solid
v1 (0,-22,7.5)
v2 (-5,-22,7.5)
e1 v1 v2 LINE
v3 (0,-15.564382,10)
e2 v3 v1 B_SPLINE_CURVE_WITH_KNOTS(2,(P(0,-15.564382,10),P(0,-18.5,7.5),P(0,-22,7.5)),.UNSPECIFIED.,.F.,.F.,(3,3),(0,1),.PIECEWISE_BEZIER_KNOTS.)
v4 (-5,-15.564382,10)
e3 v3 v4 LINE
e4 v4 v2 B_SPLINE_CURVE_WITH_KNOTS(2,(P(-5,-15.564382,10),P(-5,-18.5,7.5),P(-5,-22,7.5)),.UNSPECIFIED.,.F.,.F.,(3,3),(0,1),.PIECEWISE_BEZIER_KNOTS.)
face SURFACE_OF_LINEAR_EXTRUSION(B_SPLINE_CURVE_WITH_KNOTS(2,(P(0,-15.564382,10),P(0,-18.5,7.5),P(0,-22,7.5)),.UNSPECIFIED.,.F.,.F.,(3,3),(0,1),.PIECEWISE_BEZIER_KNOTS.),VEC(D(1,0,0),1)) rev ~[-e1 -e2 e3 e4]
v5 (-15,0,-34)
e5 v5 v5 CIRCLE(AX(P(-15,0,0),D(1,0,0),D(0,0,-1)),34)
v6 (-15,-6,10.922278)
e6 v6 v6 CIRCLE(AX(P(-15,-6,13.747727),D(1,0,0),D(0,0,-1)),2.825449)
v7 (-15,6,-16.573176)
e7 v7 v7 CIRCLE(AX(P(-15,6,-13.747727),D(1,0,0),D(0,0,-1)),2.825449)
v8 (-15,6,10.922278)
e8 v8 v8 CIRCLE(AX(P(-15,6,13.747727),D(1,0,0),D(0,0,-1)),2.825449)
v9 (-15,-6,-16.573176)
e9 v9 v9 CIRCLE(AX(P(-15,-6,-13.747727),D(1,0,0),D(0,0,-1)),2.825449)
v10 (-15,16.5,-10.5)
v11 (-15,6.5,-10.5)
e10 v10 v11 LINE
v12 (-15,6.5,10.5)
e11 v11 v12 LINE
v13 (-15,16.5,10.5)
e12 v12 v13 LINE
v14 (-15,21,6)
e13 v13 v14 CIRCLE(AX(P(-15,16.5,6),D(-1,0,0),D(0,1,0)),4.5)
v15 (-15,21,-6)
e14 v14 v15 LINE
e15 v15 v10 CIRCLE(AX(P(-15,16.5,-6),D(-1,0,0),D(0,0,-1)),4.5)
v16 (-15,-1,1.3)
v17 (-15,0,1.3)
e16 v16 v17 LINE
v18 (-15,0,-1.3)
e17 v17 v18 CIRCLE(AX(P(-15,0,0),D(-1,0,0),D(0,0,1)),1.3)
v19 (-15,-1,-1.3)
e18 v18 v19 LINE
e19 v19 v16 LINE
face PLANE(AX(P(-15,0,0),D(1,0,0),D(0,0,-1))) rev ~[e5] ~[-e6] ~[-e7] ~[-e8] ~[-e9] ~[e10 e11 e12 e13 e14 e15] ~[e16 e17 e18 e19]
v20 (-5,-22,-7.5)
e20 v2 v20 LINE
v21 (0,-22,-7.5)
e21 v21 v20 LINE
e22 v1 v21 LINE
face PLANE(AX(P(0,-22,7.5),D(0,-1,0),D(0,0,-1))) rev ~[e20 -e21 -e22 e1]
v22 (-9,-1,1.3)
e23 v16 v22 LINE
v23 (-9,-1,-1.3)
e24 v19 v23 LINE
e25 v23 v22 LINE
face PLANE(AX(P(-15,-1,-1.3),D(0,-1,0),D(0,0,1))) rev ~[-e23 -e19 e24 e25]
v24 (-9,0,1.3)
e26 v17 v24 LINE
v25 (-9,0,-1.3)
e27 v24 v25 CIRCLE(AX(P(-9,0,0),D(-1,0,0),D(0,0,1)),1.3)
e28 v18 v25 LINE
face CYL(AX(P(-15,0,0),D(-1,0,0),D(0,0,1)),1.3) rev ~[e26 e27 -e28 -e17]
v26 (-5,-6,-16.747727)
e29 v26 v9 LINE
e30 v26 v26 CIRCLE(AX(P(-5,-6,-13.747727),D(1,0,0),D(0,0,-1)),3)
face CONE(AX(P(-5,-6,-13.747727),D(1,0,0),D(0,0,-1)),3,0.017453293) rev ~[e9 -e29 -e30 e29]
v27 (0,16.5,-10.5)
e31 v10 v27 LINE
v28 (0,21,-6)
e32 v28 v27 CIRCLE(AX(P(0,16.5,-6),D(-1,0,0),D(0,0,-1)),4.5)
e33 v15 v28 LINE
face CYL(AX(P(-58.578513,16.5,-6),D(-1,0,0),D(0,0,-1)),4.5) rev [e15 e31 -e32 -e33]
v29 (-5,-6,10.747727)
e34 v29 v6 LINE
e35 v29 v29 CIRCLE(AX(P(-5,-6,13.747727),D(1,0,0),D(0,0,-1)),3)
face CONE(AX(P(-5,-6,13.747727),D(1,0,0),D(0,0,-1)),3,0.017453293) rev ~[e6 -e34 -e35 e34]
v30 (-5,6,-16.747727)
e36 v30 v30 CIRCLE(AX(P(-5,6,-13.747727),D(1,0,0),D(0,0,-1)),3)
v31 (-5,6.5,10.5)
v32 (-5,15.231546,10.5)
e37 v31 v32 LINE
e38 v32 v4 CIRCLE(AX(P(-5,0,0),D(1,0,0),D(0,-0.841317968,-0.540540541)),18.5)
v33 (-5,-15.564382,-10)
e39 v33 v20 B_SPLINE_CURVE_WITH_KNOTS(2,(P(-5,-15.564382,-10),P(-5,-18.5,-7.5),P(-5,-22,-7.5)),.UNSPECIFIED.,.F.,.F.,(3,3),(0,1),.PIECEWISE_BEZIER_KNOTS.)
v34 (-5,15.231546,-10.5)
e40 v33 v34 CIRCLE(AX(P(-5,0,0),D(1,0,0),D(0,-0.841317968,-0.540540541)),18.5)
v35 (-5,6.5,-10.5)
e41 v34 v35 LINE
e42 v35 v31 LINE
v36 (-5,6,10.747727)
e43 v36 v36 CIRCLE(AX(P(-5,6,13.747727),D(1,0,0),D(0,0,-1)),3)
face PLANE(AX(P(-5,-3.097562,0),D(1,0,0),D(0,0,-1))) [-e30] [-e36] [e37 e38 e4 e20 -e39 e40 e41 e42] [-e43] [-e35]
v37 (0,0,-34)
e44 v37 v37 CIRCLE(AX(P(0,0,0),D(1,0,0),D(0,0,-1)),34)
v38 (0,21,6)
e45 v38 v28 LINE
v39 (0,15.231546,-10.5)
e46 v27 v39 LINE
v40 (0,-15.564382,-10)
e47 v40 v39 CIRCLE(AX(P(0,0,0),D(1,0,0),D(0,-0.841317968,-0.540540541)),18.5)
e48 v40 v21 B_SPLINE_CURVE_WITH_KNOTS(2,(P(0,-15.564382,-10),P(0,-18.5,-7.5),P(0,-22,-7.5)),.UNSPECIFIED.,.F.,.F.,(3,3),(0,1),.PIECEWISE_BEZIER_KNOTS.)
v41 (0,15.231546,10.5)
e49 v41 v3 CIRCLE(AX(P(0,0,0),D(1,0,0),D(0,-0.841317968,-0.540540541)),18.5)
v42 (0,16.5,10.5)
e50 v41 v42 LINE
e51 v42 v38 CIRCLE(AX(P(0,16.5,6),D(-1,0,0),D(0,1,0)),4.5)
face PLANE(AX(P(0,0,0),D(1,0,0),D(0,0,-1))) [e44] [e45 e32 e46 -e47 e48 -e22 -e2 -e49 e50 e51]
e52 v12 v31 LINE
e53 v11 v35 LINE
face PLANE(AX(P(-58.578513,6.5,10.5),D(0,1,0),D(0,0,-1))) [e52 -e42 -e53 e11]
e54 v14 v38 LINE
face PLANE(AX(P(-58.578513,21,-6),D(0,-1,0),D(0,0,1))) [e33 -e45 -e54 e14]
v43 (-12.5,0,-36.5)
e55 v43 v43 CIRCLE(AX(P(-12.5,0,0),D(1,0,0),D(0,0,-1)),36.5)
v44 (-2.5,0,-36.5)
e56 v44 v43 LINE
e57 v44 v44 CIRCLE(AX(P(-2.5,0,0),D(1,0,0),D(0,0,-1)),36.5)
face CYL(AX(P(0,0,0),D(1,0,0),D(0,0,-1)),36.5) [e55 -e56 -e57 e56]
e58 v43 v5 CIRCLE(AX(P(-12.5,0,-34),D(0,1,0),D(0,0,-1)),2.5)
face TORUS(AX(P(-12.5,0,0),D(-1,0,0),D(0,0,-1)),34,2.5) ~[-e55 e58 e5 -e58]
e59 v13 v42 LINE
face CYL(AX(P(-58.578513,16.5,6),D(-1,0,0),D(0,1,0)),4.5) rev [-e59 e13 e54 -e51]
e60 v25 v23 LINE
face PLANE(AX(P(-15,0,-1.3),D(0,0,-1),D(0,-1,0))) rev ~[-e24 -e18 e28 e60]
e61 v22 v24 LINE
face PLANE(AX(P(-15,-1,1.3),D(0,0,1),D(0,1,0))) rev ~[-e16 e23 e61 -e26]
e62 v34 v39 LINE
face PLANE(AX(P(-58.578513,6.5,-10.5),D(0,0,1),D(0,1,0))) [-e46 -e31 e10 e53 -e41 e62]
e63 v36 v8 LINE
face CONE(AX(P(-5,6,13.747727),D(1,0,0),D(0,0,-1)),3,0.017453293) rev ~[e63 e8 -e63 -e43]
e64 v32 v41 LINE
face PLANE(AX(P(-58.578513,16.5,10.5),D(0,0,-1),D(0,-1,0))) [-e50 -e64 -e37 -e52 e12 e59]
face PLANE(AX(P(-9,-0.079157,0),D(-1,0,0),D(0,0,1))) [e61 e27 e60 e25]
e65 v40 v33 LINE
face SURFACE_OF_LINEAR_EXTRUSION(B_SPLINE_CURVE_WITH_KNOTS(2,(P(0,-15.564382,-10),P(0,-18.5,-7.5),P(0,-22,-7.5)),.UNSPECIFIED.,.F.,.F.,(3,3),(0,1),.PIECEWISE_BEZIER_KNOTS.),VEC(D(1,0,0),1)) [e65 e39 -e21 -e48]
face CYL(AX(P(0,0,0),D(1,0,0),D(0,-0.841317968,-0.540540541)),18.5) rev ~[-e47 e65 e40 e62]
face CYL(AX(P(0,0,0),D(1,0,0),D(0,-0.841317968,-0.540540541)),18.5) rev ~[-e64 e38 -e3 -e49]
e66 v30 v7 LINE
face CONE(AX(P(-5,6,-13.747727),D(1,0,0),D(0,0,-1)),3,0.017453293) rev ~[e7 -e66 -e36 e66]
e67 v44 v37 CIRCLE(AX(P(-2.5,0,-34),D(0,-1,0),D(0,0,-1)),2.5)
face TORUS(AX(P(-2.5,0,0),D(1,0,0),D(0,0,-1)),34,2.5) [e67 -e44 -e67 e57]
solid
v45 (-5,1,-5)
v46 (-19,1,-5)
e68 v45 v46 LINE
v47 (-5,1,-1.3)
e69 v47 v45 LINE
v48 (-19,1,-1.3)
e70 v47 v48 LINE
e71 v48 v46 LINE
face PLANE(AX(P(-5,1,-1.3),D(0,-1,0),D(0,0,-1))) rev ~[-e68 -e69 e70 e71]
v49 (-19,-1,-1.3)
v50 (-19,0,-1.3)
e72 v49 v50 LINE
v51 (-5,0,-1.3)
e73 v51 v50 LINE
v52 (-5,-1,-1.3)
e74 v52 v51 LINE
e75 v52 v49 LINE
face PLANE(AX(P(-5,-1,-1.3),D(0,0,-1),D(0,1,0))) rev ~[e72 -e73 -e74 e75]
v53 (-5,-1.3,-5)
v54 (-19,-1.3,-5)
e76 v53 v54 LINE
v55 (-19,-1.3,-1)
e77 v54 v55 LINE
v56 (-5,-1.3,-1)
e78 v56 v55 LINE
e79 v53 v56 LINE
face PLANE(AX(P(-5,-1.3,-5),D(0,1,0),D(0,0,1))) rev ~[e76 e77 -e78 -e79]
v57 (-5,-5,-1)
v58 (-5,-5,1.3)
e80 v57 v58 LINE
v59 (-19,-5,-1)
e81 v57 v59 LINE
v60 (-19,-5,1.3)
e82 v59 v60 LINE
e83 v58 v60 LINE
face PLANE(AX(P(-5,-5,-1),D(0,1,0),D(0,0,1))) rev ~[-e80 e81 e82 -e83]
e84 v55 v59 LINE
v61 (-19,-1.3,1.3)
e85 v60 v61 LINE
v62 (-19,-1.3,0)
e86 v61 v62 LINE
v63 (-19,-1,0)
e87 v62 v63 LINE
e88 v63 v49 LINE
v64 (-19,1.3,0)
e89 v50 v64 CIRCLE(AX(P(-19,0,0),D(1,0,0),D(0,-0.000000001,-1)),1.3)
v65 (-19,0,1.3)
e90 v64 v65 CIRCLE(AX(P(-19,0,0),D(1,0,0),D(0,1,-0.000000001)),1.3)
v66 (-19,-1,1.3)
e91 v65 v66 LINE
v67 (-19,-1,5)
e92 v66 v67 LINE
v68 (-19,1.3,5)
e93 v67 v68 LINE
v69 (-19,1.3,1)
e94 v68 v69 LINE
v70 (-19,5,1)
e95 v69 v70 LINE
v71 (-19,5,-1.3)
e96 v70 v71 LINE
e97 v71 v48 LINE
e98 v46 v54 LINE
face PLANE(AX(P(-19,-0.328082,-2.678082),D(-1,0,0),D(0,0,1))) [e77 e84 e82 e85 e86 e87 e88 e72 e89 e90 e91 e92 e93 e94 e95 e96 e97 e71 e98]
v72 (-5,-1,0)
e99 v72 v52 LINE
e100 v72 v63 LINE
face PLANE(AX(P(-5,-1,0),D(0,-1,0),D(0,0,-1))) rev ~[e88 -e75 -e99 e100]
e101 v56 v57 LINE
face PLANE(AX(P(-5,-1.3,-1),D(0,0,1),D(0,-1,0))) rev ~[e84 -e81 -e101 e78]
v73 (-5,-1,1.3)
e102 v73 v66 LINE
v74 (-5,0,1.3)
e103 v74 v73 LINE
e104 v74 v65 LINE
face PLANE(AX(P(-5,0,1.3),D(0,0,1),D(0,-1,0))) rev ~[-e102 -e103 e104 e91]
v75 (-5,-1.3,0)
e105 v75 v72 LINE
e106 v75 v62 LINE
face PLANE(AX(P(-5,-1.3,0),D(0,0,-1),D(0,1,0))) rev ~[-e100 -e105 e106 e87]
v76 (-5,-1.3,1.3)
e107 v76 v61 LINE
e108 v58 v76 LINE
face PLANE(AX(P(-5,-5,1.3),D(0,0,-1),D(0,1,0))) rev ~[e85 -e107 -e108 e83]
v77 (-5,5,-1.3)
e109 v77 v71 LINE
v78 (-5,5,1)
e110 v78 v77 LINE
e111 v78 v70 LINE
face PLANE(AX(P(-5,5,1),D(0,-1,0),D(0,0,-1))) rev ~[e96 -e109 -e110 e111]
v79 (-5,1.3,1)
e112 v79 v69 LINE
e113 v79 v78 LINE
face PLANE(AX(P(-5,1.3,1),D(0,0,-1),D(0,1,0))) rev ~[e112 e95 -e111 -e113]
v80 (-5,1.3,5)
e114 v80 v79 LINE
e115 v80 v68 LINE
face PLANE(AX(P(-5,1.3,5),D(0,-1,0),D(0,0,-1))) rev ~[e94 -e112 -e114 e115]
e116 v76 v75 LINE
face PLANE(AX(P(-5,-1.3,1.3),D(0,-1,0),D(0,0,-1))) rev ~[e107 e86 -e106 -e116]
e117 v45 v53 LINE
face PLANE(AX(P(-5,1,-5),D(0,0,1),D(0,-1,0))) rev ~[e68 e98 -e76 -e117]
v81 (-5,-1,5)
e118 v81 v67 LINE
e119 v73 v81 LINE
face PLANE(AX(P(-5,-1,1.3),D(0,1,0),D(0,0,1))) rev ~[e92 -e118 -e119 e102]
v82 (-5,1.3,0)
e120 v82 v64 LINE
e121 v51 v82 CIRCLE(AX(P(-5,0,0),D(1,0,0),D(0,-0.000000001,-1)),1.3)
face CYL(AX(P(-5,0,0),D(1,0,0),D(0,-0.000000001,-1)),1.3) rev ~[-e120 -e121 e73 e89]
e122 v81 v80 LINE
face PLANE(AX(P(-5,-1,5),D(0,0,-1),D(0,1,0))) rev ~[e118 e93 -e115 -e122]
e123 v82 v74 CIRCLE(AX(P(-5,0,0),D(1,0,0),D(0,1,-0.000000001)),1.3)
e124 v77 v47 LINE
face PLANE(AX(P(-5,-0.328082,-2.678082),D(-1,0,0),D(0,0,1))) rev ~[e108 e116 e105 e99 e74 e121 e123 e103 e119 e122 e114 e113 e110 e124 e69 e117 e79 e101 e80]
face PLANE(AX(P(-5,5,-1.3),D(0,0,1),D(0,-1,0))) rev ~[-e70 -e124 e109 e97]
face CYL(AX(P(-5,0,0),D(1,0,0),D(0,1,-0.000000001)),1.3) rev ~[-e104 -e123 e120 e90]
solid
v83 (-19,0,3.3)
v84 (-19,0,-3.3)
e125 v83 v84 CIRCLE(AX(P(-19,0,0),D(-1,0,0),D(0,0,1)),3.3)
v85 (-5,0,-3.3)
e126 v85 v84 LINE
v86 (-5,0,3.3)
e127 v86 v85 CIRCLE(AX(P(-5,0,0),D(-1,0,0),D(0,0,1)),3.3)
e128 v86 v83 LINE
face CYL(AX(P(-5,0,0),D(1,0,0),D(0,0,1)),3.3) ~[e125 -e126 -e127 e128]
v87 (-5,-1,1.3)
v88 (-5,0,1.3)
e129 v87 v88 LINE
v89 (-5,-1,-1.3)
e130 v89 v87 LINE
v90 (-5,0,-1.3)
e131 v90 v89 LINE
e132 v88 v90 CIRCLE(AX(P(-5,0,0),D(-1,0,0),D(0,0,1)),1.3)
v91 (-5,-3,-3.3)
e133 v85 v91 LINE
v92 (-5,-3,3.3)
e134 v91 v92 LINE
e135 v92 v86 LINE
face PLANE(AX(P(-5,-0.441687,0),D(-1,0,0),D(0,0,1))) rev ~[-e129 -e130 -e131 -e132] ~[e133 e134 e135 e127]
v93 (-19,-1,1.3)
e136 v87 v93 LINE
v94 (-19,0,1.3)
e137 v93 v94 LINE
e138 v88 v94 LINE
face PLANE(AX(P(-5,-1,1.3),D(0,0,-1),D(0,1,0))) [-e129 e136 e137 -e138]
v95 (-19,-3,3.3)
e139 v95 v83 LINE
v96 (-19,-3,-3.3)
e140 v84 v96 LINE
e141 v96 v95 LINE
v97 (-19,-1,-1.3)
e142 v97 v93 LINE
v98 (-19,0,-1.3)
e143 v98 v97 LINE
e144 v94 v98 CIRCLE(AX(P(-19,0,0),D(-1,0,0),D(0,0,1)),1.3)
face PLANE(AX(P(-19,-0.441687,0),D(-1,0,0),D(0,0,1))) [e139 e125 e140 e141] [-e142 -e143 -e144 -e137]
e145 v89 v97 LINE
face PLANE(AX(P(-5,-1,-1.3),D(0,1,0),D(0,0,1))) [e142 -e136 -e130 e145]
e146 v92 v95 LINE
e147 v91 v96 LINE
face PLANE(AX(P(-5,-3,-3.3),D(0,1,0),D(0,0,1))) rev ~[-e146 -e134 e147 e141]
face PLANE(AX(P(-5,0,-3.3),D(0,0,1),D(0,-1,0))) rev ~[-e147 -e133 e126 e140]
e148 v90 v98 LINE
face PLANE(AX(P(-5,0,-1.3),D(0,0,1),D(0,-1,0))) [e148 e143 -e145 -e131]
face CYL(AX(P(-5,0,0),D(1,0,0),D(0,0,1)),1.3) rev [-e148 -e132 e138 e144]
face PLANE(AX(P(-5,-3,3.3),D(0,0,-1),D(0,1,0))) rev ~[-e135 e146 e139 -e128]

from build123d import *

# Parameters (mm, degrees)
SKETCH2_R                    = 36.5
BOSS_EXTRUDE1_DEPTH          = 15
CUT_EXTRUDE1_DEPTH           = 5
CUT_EXTRUDE2_DEPTH           = 10
CUT_EXTRUDE2_DEPTH_BACK      = 53.57851286
SKETCH4_3_R                  = 3
CUT_EXTRUDE4_DEPTH           = 10
CUT_EXTRUDE4_DRAFT           = -1
CUT_EXTRUDE4_PROFILE_2_DEPTH = 10
CUT_EXTRUDE4_PROFILE_2_DRAFT = -1
CUT_EXTRUDE4_PROFILE_3_DEPTH = 10
CUT_EXTRUDE4_PROFILE_3_DRAFT = -1
CUT_EXTRUDE4_PROFILE_4_DEPTH = 10
CUT_EXTRUDE4_PROFILE_4_DRAFT = -1
EXTRUDE_THIN1_DEPTH          = 4
EXTRUDE_THIN1_DEPTH_BACK     = 10
BOSS_EXTRUDE8_DEPTH          = 4
BOSS_EXTRUDE8_DEPTH_BACK     = 10
CUT_EXTRUDE5_DEPTH           = 6
FILLET1_R                    = 2.5


with BuildPart() as part:
    # Sketch2 → Boss-Extrude1 (new body)
    with BuildSketch(Plane(origin=(0, 0, 0), x_dir=(0, 0, -1), z_dir=(1, 0, 0))):
        Circle(SKETCH2_R)
    extrude(amount=-BOSS_EXTRUDE1_DEPTH)

    # Sketch3 → Cut-Extrude1 (cut)
    with BuildSketch(Plane(origin=(0, 0, 0), x_dir=(0, 0, -1), z_dir=(1, 0, 0))):
        with BuildLine():
            add(Edge.make_bspline(
                [(-10, -15.564382416), (-7.5, -18.5), (-7.5, -22)],
                knots=[0, 0, 0, 1, 1, 1], degree=2))
            Line((-7.5, -22), (7.5, -22))
            add(Edge.make_bspline(
                [(10, -15.564382416), (7.5, -18.5), (7.5, -22)],
                knots=[0, 0, 0, 1, 1, 1], degree=2))
            ThreePointArc((10, -15.564382416), (0, 18.5), (-10, -15.564382416))
        make_face()
    extrude(amount=-CUT_EXTRUDE1_DEPTH, mode=Mode.SUBTRACT)

    # Sketch4 → Cut-Extrude2 (cut, two sides: drawn at the far end of the back side and taken through both)
    with BuildSketch(Plane(origin=(-5, 0, 0), x_dir=(0, 0, -1), z_dir=(1, 0, 0)).offset(-CUT_EXTRUDE2_DEPTH_BACK)):
        with BuildLine():
            ThreePointArc((-6, 21), (-9.181980515, 19.681980515), (-10.5, 16.5))
            Line((-10.5, 16.5), (-10.5, 6.5))
            Line((-10.5, 6.5), (10.5, 6.5))
            Line((10.5, 6.5), (10.5, 16.5))
            ThreePointArc((10.5, 16.5), (9.181980515, 19.681980515), (6, 21))
            Line((6, 21), (-6, 21))
        make_face()
    extrude(amount=CUT_EXTRUDE2_DEPTH + CUT_EXTRUDE2_DEPTH_BACK, mode=Mode.SUBTRACT)


with BuildPart() as cut_extrude4_tool:
    # Sketch4<3> → Cut-Extrude4 (with draft: the straight prism first)
    with BuildSketch(Plane(origin=(-5, 0, 0), x_dir=(0, 0, -1), z_dir=(1, 0, 0))):
        with Locations((13.747727085, 6)):
            Circle(SKETCH4_3_R)
    extrude(amount=-CUT_EXTRUDE4_DEPTH)
    # Cut-Extrude4: the draft: its side faces are tilted about the plane it starts from
    cut_extrude4_sides = [cut_extrude4_tool.faces().sort_by_distance(p)[0] for p in [
        (-10, 6, -10.747727085),
    ]]
    draft(cut_extrude4_sides, Plane(origin=(-5, 0, 0), x_dir=(0, 0, -1), z_dir=(1, 0, 0)), CUT_EXTRUDE4_DRAFT)


with BuildPart() as part_1:
    add(part.part)

    # Cut-Extrude4: cut by cut_extrude4_tool
    add(cut_extrude4_tool.part, mode=Mode.SUBTRACT)


with BuildPart() as cut_extrude4_profile_2_tool:
    # Sketch4<3> → Cut-Extrude4 profile 2 (with draft: the straight prism first)
    with BuildSketch(Plane(origin=(-5, 0, 0), x_dir=(0, 0, -1), z_dir=(1, 0, 0))):
        with Locations((13.747727085, -6)):
            Circle(SKETCH4_3_R)
    extrude(amount=-CUT_EXTRUDE4_PROFILE_2_DEPTH)
    # Cut-Extrude4 profile 2: the draft: its side faces are tilted about the plane it starts from
    cut_extrude4_profile_2_sides = [cut_extrude4_profile_2_tool.faces().sort_by_distance(p)[0] for p in [
        (-10, -6, -10.747727085),
    ]]
    draft(cut_extrude4_profile_2_sides, Plane(origin=(-5, 0, 0), x_dir=(0, 0, -1), z_dir=(1, 0, 0)), CUT_EXTRUDE4_PROFILE_2_DRAFT)


with BuildPart() as part_2:
    add(part_1.part)

    # Cut-Extrude4 profile 2: cut by cut_extrude4_profile_2_tool
    add(cut_extrude4_profile_2_tool.part, mode=Mode.SUBTRACT)


with BuildPart() as cut_extrude4_profile_3_tool:
    # Sketch4<3> → Cut-Extrude4 profile 3 (with draft: the straight prism first)
    with BuildSketch(Plane(origin=(-5, 0, 0), x_dir=(0, 0, -1), z_dir=(1, 0, 0))):
        with Locations((-13.747727085, 6)):
            Circle(SKETCH4_3_R)
    extrude(amount=-CUT_EXTRUDE4_PROFILE_3_DEPTH)
    # Cut-Extrude4 profile 3: the draft: its side faces are tilted about the plane it starts from
    cut_extrude4_profile_3_sides = [cut_extrude4_profile_3_tool.faces().sort_by_distance(p)[0] for p in [
        (-10, 6, 16.747727085),
    ]]
    draft(cut_extrude4_profile_3_sides, Plane(origin=(-5, 0, 0), x_dir=(0, 0, -1), z_dir=(1, 0, 0)), CUT_EXTRUDE4_PROFILE_3_DRAFT)


with BuildPart() as part_3:
    add(part_2.part)

    # Cut-Extrude4 profile 3: cut by cut_extrude4_profile_3_tool
    add(cut_extrude4_profile_3_tool.part, mode=Mode.SUBTRACT)


with BuildPart() as cut_extrude4_profile_4_tool:
    # Sketch4<3> → Cut-Extrude4 profile 4 (with draft: the straight prism first)
    with BuildSketch(Plane(origin=(-5, 0, 0), x_dir=(0, 0, -1), z_dir=(1, 0, 0))):
        with Locations((-13.747727085, -6)):
            Circle(SKETCH4_3_R)
    extrude(amount=-CUT_EXTRUDE4_PROFILE_4_DEPTH)
    # Cut-Extrude4 profile 4: the draft: its side faces are tilted about the plane it starts from
    cut_extrude4_profile_4_sides = [cut_extrude4_profile_4_tool.faces().sort_by_distance(p)[0] for p in [
        (-10, -6, 16.747727085),
    ]]
    draft(cut_extrude4_profile_4_sides, Plane(origin=(-5, 0, 0), x_dir=(0, 0, -1), z_dir=(1, 0, 0)), CUT_EXTRUDE4_PROFILE_4_DRAFT)


with BuildPart() as part_4:
    add(part_3.part)

    # Cut-Extrude4 profile 4: cut by cut_extrude4_profile_4_tool
    add(cut_extrude4_profile_4_tool.part, mode=Mode.SUBTRACT)

    # Sketch10 → Cut-Extrude5 (cut)
    with BuildSketch(Plane.ZY.offset(15)):
        with BuildLine():
            Line((1.3, -1), (1.3, 0))
            ThreePointArc((1.3, 0), (0, 1.3), (-1.3, 0))
            Line((-1.3, 0), (-1.3, -1))
            Line((-1.3, -1), (1.3, -1))
        make_face()
    extrude(amount=-CUT_EXTRUDE5_DEPTH, mode=Mode.SUBTRACT)

    # Fillet1
    fillet1_edges = [part_4.edges().sort_by_distance(p)[0] for p in [
        (0, 0, 36.5),
        (-15, 0, 36.5),
    ]]
    fillet(fillet1_edges, radius=FILLET1_R)


with BuildPart() as body_2:
    # Sketch5 → Extrude-Thin1 (new, two sides: drawn at the far end of the back side and taken through both)
    with BuildSketch(Plane.ZY.offset(15).offset(-EXTRUDE_THIN1_DEPTH_BACK)):
        with BuildLine():
            Line((-3.3, 0), (-3.3, -3))
            Line((-3.3, -3), (3.3, -3))
            Line((3.3, -3), (3.3, 0))
            ThreePointArc((3.3, 0), (0, 3.3), (-3.3, 0))
        make_face()
        with BuildLine():
            Line((-1.3, 0), (-1.3, -1))
            Line((-1.3, -1), (1.3, -1))
            Line((1.3, -1), (1.3, 0))
            ThreePointArc((1.3, 0), (0, 1.3), (-1.3, 0))
        make_face(mode=Mode.SUBTRACT)
    extrude(amount=EXTRUDE_THIN1_DEPTH + EXTRUDE_THIN1_DEPTH_BACK)


with BuildPart() as body_3:
    # Sketch5<4> → Boss-Extrude8 (new, two sides: drawn at the far end of the back side and taken through both)
    with BuildSketch(Plane.ZY.offset(15).offset(-BOSS_EXTRUDE8_DEPTH_BACK)):
        Polygon((-1.3, -1), (-1.3, 0), (-1.3, 1), (-5, 1), (-5, -1.3), (-1, -1.3), (0, -1.3), (0, -1), align=None)
        with BuildLine():
            Line((-1.3, 1), (-1.3, 0))
            ThreePointArc((-1.3, 0), (-0.919238816, 0.919238816), (0, 1.3))
            Line((0, 1.3), (1, 1.3))
            Line((1, 1.3), (1, 5))
            Line((1, 5), (-1.3, 5))
            Line((-1.3, 5), (-1.3, 1))
        make_face()
        with BuildLine():
            Line((1, 1.3), (0, 1.3))
            ThreePointArc((0, 1.3), (0.919238816, 0.919238816), (1.3, 0))
            Line((1.3, 0), (1.3, -1))
            Line((1.3, -1), (5, -1))
            Line((5, -1), (5, 1.3))
            Line((5, 1.3), (1, 1.3))
        make_face()
        Polygon((1.3, -1.3), (0, -1.3), (-1, -1.3), (-1, -5), (1.3, -5), align=None)
    extrude(amount=BOSS_EXTRUDE8_DEPTH + BOSS_EXTRUDE8_DEPTH_BACK)


solid = Compound([part_4.part, body_2.part, body_3.part])
